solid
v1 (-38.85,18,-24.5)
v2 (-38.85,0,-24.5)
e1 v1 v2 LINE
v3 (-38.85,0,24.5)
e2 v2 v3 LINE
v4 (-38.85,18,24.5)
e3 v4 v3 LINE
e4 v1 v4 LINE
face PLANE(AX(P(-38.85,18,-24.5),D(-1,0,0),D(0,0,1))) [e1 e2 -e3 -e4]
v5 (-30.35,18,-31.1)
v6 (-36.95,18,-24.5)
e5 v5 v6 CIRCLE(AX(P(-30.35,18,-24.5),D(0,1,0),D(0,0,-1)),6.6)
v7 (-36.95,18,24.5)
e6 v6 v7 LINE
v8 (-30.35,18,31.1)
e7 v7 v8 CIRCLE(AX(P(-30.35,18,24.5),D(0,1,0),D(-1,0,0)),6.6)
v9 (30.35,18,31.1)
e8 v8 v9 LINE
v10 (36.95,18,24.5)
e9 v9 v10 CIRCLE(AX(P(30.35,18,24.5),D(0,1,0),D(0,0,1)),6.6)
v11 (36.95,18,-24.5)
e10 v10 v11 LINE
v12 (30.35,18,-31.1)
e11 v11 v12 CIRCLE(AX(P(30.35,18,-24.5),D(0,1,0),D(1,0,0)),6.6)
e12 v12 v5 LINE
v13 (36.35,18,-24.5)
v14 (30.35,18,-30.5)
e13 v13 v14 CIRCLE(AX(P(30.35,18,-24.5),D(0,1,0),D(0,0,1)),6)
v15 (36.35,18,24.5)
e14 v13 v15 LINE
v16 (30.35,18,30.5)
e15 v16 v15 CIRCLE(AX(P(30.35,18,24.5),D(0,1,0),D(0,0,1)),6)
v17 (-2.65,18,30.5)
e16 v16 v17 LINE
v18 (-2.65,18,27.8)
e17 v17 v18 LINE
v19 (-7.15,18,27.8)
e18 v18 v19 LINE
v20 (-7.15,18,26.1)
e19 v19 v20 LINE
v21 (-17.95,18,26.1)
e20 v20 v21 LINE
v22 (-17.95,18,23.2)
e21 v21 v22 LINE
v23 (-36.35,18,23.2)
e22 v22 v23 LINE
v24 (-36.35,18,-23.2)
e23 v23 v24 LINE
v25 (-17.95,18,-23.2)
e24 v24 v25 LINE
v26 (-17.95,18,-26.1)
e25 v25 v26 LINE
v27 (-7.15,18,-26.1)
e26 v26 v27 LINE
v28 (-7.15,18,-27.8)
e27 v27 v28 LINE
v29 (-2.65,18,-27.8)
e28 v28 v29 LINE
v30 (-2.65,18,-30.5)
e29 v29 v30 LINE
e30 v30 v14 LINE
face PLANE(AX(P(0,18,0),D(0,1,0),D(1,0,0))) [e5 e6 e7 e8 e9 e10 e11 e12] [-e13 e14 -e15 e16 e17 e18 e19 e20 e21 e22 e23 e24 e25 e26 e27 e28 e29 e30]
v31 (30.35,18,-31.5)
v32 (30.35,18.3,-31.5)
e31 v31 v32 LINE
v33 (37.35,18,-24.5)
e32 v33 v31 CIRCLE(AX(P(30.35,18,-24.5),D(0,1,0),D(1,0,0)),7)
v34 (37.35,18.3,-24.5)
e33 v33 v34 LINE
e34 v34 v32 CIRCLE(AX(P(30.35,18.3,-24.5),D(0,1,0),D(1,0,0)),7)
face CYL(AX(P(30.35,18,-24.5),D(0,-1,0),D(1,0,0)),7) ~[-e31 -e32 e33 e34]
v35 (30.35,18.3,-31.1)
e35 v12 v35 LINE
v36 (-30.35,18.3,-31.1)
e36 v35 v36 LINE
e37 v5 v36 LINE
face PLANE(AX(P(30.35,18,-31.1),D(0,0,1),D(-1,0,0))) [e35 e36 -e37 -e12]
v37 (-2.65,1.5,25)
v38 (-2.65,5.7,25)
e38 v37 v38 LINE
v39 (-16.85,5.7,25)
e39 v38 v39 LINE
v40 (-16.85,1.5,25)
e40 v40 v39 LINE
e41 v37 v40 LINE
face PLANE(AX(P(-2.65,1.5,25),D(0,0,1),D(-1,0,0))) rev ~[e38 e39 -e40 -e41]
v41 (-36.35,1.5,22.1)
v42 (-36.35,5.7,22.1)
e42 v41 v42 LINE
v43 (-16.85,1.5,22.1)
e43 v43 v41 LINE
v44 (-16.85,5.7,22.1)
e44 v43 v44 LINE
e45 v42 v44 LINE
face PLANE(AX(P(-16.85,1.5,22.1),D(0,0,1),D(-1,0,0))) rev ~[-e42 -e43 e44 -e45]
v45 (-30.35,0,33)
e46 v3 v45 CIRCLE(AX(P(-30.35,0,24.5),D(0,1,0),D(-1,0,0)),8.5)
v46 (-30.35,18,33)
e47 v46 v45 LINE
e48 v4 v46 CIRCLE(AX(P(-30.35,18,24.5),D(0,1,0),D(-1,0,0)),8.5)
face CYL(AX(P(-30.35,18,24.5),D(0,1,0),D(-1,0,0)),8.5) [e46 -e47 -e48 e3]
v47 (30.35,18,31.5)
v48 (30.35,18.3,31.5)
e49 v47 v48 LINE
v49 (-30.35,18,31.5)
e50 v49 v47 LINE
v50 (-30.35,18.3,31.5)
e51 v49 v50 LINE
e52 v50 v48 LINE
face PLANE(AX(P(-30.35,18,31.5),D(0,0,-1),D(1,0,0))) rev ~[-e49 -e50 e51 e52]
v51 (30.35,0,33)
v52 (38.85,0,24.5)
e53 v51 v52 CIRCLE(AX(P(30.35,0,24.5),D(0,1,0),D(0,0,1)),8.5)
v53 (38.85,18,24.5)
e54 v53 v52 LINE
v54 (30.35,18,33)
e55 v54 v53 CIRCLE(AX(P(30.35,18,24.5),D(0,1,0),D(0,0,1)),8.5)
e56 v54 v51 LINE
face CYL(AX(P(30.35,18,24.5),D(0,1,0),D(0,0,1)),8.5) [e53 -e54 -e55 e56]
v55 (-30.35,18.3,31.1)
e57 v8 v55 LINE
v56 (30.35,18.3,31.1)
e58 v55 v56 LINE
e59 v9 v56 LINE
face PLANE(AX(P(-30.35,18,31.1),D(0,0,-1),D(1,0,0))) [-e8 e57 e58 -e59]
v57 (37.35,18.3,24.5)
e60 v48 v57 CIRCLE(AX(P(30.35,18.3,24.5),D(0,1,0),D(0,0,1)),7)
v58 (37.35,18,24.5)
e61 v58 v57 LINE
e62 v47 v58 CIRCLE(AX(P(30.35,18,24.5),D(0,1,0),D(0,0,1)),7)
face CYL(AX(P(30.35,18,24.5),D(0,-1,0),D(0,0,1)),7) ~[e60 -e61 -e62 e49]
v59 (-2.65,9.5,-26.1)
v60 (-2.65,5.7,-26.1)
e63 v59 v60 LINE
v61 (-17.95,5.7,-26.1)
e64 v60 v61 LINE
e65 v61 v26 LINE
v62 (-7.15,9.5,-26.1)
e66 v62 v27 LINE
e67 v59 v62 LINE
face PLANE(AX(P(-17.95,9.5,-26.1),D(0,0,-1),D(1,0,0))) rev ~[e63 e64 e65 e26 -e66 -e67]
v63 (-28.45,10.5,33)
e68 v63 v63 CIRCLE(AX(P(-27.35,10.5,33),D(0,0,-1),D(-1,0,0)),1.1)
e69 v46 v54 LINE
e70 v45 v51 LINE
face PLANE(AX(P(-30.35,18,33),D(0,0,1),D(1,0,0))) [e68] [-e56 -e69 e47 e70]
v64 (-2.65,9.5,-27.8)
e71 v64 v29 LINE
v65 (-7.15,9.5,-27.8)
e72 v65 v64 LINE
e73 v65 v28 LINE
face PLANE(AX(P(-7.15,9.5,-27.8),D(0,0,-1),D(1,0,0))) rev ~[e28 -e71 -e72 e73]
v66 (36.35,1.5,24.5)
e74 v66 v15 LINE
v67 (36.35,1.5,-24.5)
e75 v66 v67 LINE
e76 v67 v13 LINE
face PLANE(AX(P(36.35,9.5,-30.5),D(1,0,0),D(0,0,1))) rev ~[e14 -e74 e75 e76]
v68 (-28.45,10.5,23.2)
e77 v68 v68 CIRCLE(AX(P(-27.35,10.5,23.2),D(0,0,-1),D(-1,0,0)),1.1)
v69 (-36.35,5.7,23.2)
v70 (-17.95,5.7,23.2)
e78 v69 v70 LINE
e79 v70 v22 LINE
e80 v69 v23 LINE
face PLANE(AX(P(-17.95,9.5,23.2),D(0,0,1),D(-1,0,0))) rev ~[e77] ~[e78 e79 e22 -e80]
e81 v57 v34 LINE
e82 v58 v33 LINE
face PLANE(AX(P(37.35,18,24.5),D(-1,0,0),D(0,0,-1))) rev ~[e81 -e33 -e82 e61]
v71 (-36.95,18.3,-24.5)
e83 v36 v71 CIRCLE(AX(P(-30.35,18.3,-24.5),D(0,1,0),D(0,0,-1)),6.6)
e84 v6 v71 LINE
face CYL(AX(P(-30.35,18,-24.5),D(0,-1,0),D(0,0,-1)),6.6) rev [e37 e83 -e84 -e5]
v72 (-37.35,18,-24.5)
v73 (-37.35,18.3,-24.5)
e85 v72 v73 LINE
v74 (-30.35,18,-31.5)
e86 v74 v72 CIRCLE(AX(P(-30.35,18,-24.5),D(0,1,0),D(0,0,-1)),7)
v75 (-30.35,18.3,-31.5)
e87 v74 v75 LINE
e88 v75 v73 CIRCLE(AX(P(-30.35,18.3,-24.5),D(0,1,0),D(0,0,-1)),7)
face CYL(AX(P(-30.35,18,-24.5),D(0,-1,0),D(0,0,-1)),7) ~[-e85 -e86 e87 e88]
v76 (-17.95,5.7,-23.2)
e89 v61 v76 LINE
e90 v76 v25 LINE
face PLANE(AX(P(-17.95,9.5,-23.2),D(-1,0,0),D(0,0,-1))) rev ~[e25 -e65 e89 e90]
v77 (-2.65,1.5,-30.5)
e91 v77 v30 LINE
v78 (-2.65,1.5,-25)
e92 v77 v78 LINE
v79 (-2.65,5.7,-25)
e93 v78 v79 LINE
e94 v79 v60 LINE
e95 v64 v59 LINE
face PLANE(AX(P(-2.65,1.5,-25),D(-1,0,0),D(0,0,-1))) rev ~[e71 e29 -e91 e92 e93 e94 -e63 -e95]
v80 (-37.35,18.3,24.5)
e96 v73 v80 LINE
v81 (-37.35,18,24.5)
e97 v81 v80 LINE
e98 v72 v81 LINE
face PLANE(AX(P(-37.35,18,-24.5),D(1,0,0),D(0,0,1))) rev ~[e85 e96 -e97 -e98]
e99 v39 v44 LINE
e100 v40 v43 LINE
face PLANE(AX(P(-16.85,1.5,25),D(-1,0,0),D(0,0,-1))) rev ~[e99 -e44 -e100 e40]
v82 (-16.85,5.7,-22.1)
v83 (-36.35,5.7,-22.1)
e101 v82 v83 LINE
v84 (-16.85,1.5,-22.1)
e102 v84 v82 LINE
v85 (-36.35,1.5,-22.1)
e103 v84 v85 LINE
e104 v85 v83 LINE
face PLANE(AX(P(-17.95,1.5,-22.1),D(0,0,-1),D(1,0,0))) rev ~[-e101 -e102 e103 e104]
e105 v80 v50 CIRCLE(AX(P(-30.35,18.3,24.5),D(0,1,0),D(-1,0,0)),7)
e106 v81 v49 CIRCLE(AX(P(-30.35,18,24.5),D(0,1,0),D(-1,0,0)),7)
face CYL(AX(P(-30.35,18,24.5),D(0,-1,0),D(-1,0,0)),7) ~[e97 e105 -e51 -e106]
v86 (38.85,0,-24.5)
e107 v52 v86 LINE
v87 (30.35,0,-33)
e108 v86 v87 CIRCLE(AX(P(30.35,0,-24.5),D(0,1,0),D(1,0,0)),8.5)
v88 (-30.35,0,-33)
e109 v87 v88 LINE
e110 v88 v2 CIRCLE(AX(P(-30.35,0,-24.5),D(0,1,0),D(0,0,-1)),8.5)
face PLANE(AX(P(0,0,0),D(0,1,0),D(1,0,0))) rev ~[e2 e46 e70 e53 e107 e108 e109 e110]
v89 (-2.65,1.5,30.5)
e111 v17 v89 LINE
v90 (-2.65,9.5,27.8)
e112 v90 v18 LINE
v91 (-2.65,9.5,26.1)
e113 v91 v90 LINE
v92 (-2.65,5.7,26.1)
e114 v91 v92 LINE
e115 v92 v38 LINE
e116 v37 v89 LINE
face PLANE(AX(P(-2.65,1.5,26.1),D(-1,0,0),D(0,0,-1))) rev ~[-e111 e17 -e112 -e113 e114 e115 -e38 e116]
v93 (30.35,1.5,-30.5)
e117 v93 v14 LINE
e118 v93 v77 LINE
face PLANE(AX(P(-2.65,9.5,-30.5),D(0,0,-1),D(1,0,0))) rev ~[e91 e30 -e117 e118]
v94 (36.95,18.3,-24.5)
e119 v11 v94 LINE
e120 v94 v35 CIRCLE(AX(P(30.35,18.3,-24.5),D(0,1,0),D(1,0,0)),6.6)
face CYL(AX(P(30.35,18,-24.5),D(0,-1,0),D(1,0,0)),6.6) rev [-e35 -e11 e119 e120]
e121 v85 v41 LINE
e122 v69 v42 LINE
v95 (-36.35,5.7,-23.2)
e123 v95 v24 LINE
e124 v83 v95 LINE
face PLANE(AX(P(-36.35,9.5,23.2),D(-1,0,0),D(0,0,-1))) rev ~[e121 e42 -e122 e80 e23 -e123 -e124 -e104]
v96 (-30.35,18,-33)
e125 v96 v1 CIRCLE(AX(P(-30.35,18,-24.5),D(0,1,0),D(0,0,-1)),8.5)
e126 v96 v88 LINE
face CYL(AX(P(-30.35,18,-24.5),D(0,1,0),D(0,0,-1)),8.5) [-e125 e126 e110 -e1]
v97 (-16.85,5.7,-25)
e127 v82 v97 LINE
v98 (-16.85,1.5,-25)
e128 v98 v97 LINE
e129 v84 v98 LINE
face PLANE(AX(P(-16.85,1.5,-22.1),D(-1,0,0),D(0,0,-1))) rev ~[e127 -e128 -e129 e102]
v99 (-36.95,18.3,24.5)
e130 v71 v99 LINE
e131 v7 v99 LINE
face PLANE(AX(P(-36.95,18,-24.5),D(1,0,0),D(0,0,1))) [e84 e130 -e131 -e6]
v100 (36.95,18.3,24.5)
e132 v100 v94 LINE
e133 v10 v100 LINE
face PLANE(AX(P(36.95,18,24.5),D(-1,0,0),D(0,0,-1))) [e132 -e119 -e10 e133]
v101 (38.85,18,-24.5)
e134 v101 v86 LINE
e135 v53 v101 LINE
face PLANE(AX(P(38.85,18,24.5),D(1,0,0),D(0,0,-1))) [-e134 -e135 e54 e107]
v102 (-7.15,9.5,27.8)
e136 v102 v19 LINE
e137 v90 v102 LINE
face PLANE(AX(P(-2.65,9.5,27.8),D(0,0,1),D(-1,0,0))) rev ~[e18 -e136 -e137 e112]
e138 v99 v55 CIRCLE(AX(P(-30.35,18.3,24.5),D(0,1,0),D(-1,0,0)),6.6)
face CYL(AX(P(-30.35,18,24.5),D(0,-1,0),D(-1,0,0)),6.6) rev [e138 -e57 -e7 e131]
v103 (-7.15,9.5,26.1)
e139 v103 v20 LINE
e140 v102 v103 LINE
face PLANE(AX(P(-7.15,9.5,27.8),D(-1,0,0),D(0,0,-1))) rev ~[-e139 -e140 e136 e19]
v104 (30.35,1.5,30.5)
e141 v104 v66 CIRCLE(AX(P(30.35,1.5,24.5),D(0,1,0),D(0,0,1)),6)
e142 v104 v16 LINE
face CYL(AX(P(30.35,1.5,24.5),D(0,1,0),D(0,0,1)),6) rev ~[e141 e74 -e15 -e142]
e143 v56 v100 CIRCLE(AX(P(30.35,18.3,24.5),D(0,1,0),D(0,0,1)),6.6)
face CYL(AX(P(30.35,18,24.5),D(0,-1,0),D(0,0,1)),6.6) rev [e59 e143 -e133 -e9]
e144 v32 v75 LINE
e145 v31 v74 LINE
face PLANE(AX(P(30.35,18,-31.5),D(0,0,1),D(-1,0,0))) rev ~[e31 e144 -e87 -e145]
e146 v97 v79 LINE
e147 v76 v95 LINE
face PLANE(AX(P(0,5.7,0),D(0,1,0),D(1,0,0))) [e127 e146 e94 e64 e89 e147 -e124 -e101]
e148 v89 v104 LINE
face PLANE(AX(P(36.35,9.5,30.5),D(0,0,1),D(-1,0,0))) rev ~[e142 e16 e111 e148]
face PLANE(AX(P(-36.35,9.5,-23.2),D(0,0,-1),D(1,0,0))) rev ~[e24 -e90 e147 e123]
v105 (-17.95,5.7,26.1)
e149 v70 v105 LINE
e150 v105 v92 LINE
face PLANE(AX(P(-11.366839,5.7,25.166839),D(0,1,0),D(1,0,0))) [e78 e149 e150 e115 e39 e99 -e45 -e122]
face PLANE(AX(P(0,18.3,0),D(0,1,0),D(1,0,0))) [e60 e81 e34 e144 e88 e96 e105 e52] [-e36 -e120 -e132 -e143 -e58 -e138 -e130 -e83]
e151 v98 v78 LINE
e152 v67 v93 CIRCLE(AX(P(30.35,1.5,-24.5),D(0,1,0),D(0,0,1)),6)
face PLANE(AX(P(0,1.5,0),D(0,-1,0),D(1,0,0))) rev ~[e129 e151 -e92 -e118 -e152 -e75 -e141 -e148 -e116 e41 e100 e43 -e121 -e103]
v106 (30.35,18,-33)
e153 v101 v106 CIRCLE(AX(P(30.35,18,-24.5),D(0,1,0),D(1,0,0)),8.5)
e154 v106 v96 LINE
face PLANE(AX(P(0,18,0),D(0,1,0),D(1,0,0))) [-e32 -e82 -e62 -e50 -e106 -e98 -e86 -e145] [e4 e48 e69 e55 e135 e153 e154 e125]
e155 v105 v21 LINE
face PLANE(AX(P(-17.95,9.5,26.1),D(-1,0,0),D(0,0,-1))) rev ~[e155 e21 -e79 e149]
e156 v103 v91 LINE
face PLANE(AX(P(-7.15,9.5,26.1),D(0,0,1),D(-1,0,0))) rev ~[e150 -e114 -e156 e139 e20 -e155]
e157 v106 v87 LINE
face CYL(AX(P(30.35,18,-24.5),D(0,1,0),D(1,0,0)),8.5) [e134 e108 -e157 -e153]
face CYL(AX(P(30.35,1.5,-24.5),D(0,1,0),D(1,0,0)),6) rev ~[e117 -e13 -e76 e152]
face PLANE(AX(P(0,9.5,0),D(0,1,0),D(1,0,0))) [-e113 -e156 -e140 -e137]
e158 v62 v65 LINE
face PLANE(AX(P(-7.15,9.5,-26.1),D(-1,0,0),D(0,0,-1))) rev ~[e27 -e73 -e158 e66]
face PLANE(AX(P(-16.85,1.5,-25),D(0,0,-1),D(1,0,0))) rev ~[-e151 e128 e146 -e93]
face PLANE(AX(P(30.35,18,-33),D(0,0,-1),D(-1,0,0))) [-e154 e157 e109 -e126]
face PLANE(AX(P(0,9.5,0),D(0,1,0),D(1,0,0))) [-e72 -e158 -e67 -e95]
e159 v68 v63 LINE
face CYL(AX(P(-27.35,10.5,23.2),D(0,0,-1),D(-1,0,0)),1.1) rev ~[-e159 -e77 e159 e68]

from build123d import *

# Parameters (mm, degrees)
SKETCH1_W            = 72.7
SKETCH1_H            = 61
BOSS_EXTRUDE1_DEPTH  = 1.5
SKETCH3_W            = 76.7
SKETCH3_H            = 65
BOSS_EXTRUDE5_DEPTH  = 1.5
SKETCH2_W            = 76.7
SKETCH2_H            = 65
BOSS_EXTRUDE6_DEPTH  = 4.2
SKETCH4_W            = 76.7
SKETCH4_H            = 65
BOSS_EXTRUDE7_DEPTH  = 3.8
SKETCH5_W            = 76.7
SKETCH5_H            = 65
BOSS_EXTRUDE8_DEPTH  = 8.5
SKETCH7_R            = 1.1
CUT_EXTRUDE1_DEPTH   = 20.8
FILLET3_R            = 8
SKETCH9_W            = 1.2
SKETCH9_H            = 4
CUT_EXTRUDE2_DEPTH   = 8
BOSS_EXTRUDE11_DEPTH = 4.2
FILLET4_R            = 6
FILLET2_R            = 8
BOSS_EXTRUDE12_DEPTH = 18
BOSS_EXTRUDE13_DEPTH = 0.3
SKETCH14_R           = 1.1
CUT_EXTRUDE3_DEPTH   = 14


with BuildPart() as part:
    # Sketch1 → Boss-Extrude1 (new body)
    with BuildSketch(Plane(origin=(0, 0, 0), x_dir=(1, 0, 0), z_dir=(0, 1, 0))):
        Rectangle(SKETCH1_W, SKETCH1_H)
    extrude(amount=BOSS_EXTRUDE1_DEPTH)

    # Sketch3 → Boss-Extrude5 (add)
    with BuildSketch(Plane.XZ):
        Rectangle(SKETCH3_W, SKETCH3_H)
    extrude(amount=-BOSS_EXTRUDE5_DEPTH)

    # Sketch2 → Boss-Extrude6 (add)
    with BuildSketch(Plane(origin=(0, 1.5, 0), x_dir=(1, 0, 0), z_dir=(0, 1, 0))):
        Rectangle(SKETCH2_W, SKETCH2_H)
        Polygon((-2.65, 30.5), (-2.65, 26.1), (-2.65, 22.1), (-3.85, 22.1), (-3.85, 26.1), (-17.95, 26.1), (-17.95, 22.1), (-36.35, 22.1), (-36.35, -22.1), (-17.95, -22.1), (-17.95, -26.1), (-3.85, -26.1), (-3.85, -22.1), (-2.65, -22.1), (-2.65, -26.1), (-2.65, -30.5), (36.35, -30.5), (36.35, 30.5), align=None, mode=Mode.SUBTRACT)
    extrude(amount=BOSS_EXTRUDE6_DEPTH)

    # Sketch4 → Boss-Extrude7 (add)
    with BuildSketch(Plane(origin=(0, 5.7, 0), x_dir=(1, 0, 0), z_dir=(0, 1, 0))):
        Rectangle(SKETCH4_W, SKETCH4_H)
        Polygon((-36.35, -22.1), (-36.35, -23.2), (-17.95, -23.2), (-17.95, -26.1), (-3.85, -26.1), (-3.85, -22.1), (-2.65, -22.1), (-2.65, -30.5), (36.35, -30.5), (36.35, 30.5), (-2.65, 30.5), (-2.65, 22.1), (-3.85, 22.1), (-3.85, 26.1), (-17.95, 26.1), (-17.95, 23.2), (-36.35, 23.2), (-36.35, 22.1), align=None, mode=Mode.SUBTRACT)
    extrude(amount=BOSS_EXTRUDE7_DEPTH)

    # Sketch5 → Boss-Extrude8 (add)
    with BuildSketch(Plane(origin=(0, 9.5, 0), x_dir=(1, 0, 0), z_dir=(0, 1, 0))):
        Rectangle(SKETCH5_W, SKETCH5_H)
        Polygon((-2.65, -27.8), (-3.85, -27.8), (-7.15, -27.8), (-7.15, -26.1), (-17.95, -26.1), (-17.95, -23.2), (-36.35, -23.2), (-36.35, 23.2), (-17.95, 23.2), (-17.95, 26.1), (-7.15, 26.1), (-7.15, 27.8), (-3.85, 27.8), (-2.65, 27.8), (-2.65, 30.5), (36.35, 30.5), (36.35, -30.5), (-2.65, -30.5), align=None, mode=Mode.SUBTRACT)
    extrude(amount=BOSS_EXTRUDE8_DEPTH)

    # Sketch7 → Cut-Extrude1 (cut)
    with BuildSketch(Plane(origin=(0, 0, 23.2), x_dir=(-1, 0, 0), z_dir=(0, 0, -1))):
        with Locations((27.35, 10.5)):
            Circle(SKETCH7_R)
    extrude(amount=-CUT_EXTRUDE1_DEPTH, mode=Mode.SUBTRACT)

    # Fillet3
    fillet3_edges = [part.edges().sort_by_distance(p)[0] for p in [
        (-38.35, 9, -32.5),
        (-38.35, 9, 32.5),
    ]]
    fillet(fillet3_edges, radius=FILLET3_R)

    # Sketch9 → Cut-Extrude2 (cut)
    with BuildSketch(Plane(origin=(0, 9.5, 0), x_dir=(1, 0, 0), z_dir=(0, 1, 0))):
        with Locations((-3.25, 24.1)):
            Rectangle(SKETCH9_W, SKETCH9_H)
        with Locations((-3.25, -24.1)):
            Rectangle(SKETCH9_W, SKETCH9_H)
    extrude(amount=-CUT_EXTRUDE2_DEPTH, mode=Mode.SUBTRACT)

    # Sketch11 → Boss-Extrude11 (add)
    with BuildSketch(Plane(origin=(0, 1.5, 0), x_dir=(1, 0, 0), z_dir=(0, 1, 0))):
        Polygon((-16.85, -22.1), (-17.95, -22.1), (-17.95, -26.1), (-2.65, -26.1), (-2.65, -25), (-16.85, -25), align=None)
        Polygon((-17.95, 26.1), (-17.95, 22.1), (-16.85, 22.1), (-16.85, 25), (-2.65, 25), (-2.65, 26.1), align=None)
    extrude(amount=BOSS_EXTRUDE11_DEPTH)

    # Fillet4
    fillet4_edges = [part.edges().sort_by_distance(p)[0] for p in [
        (36.35, 9.75, -30.5),
        (36.35, 9.75, 30.5),
    ]]
    fillet(fillet4_edges, radius=FILLET4_R)

    # Fillet2
    fillet2_edges = [part.edges().sort_by_distance(p)[0] for p in [
        (38.35, 9, -32.5),
        (38.35, 9, 32.5),
    ]]
    fillet(fillet2_edges, radius=FILLET2_R)

    # Sketch12 → Boss-Extrude12 (add)
    with BuildSketch(Plane(origin=(0, 18, 0), x_dir=(1, 0, 0), z_dir=(0, 1, 0))):
        with BuildLine():
            Line((-30.35, -33), (30.35, -33))
            ThreePointArc((30.35, -33), (36.36040764, -30.51040764), (38.85, -24.5))
            Line((38.85, -24.5), (38.85, 24.5))
            ThreePointArc((38.85, 24.5), (36.36040764, 30.51040764), (30.35, 33))
            Line((30.35, 33), (-30.35, 33))
            ThreePointArc((-30.35, 33), (-36.36040764, 30.51040764), (-38.85, 24.5))
            Line((-38.85, 24.5), (-38.85, -24.5))
            ThreePointArc((-38.85, -24.5), (-36.36040764, -30.51040764), (-30.35, -33))
        make_face()
        with BuildLine():
            Line((38.35, -24.5), (38.35, 24.5))
            ThreePointArc((38.35, 24.5), (36.006854249, 30.156854249), (30.35, 32.5))
            Line((30.35, 32.5), (-30.35, 32.5))
            ThreePointArc((-30.35, 32.5), (-36.006854249, 30.156854249), (-38.35, 24.5))
            Line((-38.35, 24.5), (-38.35, -24.5))
            ThreePointArc((-38.35, -24.5), (-36.006854249, -30.156854249), (-30.35, -32.5))
            Line((-30.35, -32.5), (30.35, -32.5))
            ThreePointArc((30.35, -32.5), (36.006854249, -30.156854249), (38.35, -24.5))
        make_face(mode=Mode.SUBTRACT)
    extrude(amount=-BOSS_EXTRUDE12_DEPTH)

    # Sketch13 → Boss-Extrude13 (add)
    with BuildSketch(Plane(origin=(0, 18, 0), x_dir=(1, 0, 0), z_dir=(0, 1, 0))):
        with BuildLine():
            Line((-30.35, -31.5), (30.35, -31.5))
            ThreePointArc((30.35, -31.5), (35.299747468, -29.449747468), (37.35, -24.5))
            Line((37.35, -24.5), (37.35, 24.5))
            ThreePointArc((37.35, 24.5), (35.299747468, 29.449747468), (30.35, 31.5))
            Line((30.35, 31.5), (-30.35, 31.5))
            ThreePointArc((-30.35, 31.5), (-35.299747468, 29.449747468), (-37.35, 24.5))
            Line((-37.35, 24.5), (-37.35, -24.5))
            ThreePointArc((-37.35, -24.5), (-35.299747468, -29.449747468), (-30.35, -31.5))
        make_face()
        with BuildLine():
            Line((-36.95, 24.5), (-36.95, -24.5))
            ThreePointArc((-36.95, -24.5), (-35.016904756, -29.166904756), (-30.35, -31.1))
            Line((-30.35, -31.1), (30.35, -31.1))
            ThreePointArc((30.35, -31.1), (35.016904756, -29.166904756), (36.95, -24.5))
            Line((36.95, -24.5), (36.95, 24.5))
            ThreePointArc((36.95, 24.5), (35.016904756, 29.166904756), (30.35, 31.1))
            Line((30.35, 31.1), (-30.35, 31.1))
            ThreePointArc((-30.35, 31.1), (-35.016904756, 29.166904756), (-36.95, 24.5))
        make_face(mode=Mode.SUBTRACT)
    extrude(amount=BOSS_EXTRUDE13_DEPTH)

    # Sketch14 → Cut-Extrude3 (cut)
    with BuildSketch(Plane(origin=(0, 0, 23.2), x_dir=(-1, 0, 0), z_dir=(0, 0, -1))):
        with Locations((27.35, 10.5)):
            Circle(SKETCH14_R)
    extrude(amount=-CUT_EXTRUDE3_DEPTH, mode=Mode.SUBTRACT)


solid = part.part
